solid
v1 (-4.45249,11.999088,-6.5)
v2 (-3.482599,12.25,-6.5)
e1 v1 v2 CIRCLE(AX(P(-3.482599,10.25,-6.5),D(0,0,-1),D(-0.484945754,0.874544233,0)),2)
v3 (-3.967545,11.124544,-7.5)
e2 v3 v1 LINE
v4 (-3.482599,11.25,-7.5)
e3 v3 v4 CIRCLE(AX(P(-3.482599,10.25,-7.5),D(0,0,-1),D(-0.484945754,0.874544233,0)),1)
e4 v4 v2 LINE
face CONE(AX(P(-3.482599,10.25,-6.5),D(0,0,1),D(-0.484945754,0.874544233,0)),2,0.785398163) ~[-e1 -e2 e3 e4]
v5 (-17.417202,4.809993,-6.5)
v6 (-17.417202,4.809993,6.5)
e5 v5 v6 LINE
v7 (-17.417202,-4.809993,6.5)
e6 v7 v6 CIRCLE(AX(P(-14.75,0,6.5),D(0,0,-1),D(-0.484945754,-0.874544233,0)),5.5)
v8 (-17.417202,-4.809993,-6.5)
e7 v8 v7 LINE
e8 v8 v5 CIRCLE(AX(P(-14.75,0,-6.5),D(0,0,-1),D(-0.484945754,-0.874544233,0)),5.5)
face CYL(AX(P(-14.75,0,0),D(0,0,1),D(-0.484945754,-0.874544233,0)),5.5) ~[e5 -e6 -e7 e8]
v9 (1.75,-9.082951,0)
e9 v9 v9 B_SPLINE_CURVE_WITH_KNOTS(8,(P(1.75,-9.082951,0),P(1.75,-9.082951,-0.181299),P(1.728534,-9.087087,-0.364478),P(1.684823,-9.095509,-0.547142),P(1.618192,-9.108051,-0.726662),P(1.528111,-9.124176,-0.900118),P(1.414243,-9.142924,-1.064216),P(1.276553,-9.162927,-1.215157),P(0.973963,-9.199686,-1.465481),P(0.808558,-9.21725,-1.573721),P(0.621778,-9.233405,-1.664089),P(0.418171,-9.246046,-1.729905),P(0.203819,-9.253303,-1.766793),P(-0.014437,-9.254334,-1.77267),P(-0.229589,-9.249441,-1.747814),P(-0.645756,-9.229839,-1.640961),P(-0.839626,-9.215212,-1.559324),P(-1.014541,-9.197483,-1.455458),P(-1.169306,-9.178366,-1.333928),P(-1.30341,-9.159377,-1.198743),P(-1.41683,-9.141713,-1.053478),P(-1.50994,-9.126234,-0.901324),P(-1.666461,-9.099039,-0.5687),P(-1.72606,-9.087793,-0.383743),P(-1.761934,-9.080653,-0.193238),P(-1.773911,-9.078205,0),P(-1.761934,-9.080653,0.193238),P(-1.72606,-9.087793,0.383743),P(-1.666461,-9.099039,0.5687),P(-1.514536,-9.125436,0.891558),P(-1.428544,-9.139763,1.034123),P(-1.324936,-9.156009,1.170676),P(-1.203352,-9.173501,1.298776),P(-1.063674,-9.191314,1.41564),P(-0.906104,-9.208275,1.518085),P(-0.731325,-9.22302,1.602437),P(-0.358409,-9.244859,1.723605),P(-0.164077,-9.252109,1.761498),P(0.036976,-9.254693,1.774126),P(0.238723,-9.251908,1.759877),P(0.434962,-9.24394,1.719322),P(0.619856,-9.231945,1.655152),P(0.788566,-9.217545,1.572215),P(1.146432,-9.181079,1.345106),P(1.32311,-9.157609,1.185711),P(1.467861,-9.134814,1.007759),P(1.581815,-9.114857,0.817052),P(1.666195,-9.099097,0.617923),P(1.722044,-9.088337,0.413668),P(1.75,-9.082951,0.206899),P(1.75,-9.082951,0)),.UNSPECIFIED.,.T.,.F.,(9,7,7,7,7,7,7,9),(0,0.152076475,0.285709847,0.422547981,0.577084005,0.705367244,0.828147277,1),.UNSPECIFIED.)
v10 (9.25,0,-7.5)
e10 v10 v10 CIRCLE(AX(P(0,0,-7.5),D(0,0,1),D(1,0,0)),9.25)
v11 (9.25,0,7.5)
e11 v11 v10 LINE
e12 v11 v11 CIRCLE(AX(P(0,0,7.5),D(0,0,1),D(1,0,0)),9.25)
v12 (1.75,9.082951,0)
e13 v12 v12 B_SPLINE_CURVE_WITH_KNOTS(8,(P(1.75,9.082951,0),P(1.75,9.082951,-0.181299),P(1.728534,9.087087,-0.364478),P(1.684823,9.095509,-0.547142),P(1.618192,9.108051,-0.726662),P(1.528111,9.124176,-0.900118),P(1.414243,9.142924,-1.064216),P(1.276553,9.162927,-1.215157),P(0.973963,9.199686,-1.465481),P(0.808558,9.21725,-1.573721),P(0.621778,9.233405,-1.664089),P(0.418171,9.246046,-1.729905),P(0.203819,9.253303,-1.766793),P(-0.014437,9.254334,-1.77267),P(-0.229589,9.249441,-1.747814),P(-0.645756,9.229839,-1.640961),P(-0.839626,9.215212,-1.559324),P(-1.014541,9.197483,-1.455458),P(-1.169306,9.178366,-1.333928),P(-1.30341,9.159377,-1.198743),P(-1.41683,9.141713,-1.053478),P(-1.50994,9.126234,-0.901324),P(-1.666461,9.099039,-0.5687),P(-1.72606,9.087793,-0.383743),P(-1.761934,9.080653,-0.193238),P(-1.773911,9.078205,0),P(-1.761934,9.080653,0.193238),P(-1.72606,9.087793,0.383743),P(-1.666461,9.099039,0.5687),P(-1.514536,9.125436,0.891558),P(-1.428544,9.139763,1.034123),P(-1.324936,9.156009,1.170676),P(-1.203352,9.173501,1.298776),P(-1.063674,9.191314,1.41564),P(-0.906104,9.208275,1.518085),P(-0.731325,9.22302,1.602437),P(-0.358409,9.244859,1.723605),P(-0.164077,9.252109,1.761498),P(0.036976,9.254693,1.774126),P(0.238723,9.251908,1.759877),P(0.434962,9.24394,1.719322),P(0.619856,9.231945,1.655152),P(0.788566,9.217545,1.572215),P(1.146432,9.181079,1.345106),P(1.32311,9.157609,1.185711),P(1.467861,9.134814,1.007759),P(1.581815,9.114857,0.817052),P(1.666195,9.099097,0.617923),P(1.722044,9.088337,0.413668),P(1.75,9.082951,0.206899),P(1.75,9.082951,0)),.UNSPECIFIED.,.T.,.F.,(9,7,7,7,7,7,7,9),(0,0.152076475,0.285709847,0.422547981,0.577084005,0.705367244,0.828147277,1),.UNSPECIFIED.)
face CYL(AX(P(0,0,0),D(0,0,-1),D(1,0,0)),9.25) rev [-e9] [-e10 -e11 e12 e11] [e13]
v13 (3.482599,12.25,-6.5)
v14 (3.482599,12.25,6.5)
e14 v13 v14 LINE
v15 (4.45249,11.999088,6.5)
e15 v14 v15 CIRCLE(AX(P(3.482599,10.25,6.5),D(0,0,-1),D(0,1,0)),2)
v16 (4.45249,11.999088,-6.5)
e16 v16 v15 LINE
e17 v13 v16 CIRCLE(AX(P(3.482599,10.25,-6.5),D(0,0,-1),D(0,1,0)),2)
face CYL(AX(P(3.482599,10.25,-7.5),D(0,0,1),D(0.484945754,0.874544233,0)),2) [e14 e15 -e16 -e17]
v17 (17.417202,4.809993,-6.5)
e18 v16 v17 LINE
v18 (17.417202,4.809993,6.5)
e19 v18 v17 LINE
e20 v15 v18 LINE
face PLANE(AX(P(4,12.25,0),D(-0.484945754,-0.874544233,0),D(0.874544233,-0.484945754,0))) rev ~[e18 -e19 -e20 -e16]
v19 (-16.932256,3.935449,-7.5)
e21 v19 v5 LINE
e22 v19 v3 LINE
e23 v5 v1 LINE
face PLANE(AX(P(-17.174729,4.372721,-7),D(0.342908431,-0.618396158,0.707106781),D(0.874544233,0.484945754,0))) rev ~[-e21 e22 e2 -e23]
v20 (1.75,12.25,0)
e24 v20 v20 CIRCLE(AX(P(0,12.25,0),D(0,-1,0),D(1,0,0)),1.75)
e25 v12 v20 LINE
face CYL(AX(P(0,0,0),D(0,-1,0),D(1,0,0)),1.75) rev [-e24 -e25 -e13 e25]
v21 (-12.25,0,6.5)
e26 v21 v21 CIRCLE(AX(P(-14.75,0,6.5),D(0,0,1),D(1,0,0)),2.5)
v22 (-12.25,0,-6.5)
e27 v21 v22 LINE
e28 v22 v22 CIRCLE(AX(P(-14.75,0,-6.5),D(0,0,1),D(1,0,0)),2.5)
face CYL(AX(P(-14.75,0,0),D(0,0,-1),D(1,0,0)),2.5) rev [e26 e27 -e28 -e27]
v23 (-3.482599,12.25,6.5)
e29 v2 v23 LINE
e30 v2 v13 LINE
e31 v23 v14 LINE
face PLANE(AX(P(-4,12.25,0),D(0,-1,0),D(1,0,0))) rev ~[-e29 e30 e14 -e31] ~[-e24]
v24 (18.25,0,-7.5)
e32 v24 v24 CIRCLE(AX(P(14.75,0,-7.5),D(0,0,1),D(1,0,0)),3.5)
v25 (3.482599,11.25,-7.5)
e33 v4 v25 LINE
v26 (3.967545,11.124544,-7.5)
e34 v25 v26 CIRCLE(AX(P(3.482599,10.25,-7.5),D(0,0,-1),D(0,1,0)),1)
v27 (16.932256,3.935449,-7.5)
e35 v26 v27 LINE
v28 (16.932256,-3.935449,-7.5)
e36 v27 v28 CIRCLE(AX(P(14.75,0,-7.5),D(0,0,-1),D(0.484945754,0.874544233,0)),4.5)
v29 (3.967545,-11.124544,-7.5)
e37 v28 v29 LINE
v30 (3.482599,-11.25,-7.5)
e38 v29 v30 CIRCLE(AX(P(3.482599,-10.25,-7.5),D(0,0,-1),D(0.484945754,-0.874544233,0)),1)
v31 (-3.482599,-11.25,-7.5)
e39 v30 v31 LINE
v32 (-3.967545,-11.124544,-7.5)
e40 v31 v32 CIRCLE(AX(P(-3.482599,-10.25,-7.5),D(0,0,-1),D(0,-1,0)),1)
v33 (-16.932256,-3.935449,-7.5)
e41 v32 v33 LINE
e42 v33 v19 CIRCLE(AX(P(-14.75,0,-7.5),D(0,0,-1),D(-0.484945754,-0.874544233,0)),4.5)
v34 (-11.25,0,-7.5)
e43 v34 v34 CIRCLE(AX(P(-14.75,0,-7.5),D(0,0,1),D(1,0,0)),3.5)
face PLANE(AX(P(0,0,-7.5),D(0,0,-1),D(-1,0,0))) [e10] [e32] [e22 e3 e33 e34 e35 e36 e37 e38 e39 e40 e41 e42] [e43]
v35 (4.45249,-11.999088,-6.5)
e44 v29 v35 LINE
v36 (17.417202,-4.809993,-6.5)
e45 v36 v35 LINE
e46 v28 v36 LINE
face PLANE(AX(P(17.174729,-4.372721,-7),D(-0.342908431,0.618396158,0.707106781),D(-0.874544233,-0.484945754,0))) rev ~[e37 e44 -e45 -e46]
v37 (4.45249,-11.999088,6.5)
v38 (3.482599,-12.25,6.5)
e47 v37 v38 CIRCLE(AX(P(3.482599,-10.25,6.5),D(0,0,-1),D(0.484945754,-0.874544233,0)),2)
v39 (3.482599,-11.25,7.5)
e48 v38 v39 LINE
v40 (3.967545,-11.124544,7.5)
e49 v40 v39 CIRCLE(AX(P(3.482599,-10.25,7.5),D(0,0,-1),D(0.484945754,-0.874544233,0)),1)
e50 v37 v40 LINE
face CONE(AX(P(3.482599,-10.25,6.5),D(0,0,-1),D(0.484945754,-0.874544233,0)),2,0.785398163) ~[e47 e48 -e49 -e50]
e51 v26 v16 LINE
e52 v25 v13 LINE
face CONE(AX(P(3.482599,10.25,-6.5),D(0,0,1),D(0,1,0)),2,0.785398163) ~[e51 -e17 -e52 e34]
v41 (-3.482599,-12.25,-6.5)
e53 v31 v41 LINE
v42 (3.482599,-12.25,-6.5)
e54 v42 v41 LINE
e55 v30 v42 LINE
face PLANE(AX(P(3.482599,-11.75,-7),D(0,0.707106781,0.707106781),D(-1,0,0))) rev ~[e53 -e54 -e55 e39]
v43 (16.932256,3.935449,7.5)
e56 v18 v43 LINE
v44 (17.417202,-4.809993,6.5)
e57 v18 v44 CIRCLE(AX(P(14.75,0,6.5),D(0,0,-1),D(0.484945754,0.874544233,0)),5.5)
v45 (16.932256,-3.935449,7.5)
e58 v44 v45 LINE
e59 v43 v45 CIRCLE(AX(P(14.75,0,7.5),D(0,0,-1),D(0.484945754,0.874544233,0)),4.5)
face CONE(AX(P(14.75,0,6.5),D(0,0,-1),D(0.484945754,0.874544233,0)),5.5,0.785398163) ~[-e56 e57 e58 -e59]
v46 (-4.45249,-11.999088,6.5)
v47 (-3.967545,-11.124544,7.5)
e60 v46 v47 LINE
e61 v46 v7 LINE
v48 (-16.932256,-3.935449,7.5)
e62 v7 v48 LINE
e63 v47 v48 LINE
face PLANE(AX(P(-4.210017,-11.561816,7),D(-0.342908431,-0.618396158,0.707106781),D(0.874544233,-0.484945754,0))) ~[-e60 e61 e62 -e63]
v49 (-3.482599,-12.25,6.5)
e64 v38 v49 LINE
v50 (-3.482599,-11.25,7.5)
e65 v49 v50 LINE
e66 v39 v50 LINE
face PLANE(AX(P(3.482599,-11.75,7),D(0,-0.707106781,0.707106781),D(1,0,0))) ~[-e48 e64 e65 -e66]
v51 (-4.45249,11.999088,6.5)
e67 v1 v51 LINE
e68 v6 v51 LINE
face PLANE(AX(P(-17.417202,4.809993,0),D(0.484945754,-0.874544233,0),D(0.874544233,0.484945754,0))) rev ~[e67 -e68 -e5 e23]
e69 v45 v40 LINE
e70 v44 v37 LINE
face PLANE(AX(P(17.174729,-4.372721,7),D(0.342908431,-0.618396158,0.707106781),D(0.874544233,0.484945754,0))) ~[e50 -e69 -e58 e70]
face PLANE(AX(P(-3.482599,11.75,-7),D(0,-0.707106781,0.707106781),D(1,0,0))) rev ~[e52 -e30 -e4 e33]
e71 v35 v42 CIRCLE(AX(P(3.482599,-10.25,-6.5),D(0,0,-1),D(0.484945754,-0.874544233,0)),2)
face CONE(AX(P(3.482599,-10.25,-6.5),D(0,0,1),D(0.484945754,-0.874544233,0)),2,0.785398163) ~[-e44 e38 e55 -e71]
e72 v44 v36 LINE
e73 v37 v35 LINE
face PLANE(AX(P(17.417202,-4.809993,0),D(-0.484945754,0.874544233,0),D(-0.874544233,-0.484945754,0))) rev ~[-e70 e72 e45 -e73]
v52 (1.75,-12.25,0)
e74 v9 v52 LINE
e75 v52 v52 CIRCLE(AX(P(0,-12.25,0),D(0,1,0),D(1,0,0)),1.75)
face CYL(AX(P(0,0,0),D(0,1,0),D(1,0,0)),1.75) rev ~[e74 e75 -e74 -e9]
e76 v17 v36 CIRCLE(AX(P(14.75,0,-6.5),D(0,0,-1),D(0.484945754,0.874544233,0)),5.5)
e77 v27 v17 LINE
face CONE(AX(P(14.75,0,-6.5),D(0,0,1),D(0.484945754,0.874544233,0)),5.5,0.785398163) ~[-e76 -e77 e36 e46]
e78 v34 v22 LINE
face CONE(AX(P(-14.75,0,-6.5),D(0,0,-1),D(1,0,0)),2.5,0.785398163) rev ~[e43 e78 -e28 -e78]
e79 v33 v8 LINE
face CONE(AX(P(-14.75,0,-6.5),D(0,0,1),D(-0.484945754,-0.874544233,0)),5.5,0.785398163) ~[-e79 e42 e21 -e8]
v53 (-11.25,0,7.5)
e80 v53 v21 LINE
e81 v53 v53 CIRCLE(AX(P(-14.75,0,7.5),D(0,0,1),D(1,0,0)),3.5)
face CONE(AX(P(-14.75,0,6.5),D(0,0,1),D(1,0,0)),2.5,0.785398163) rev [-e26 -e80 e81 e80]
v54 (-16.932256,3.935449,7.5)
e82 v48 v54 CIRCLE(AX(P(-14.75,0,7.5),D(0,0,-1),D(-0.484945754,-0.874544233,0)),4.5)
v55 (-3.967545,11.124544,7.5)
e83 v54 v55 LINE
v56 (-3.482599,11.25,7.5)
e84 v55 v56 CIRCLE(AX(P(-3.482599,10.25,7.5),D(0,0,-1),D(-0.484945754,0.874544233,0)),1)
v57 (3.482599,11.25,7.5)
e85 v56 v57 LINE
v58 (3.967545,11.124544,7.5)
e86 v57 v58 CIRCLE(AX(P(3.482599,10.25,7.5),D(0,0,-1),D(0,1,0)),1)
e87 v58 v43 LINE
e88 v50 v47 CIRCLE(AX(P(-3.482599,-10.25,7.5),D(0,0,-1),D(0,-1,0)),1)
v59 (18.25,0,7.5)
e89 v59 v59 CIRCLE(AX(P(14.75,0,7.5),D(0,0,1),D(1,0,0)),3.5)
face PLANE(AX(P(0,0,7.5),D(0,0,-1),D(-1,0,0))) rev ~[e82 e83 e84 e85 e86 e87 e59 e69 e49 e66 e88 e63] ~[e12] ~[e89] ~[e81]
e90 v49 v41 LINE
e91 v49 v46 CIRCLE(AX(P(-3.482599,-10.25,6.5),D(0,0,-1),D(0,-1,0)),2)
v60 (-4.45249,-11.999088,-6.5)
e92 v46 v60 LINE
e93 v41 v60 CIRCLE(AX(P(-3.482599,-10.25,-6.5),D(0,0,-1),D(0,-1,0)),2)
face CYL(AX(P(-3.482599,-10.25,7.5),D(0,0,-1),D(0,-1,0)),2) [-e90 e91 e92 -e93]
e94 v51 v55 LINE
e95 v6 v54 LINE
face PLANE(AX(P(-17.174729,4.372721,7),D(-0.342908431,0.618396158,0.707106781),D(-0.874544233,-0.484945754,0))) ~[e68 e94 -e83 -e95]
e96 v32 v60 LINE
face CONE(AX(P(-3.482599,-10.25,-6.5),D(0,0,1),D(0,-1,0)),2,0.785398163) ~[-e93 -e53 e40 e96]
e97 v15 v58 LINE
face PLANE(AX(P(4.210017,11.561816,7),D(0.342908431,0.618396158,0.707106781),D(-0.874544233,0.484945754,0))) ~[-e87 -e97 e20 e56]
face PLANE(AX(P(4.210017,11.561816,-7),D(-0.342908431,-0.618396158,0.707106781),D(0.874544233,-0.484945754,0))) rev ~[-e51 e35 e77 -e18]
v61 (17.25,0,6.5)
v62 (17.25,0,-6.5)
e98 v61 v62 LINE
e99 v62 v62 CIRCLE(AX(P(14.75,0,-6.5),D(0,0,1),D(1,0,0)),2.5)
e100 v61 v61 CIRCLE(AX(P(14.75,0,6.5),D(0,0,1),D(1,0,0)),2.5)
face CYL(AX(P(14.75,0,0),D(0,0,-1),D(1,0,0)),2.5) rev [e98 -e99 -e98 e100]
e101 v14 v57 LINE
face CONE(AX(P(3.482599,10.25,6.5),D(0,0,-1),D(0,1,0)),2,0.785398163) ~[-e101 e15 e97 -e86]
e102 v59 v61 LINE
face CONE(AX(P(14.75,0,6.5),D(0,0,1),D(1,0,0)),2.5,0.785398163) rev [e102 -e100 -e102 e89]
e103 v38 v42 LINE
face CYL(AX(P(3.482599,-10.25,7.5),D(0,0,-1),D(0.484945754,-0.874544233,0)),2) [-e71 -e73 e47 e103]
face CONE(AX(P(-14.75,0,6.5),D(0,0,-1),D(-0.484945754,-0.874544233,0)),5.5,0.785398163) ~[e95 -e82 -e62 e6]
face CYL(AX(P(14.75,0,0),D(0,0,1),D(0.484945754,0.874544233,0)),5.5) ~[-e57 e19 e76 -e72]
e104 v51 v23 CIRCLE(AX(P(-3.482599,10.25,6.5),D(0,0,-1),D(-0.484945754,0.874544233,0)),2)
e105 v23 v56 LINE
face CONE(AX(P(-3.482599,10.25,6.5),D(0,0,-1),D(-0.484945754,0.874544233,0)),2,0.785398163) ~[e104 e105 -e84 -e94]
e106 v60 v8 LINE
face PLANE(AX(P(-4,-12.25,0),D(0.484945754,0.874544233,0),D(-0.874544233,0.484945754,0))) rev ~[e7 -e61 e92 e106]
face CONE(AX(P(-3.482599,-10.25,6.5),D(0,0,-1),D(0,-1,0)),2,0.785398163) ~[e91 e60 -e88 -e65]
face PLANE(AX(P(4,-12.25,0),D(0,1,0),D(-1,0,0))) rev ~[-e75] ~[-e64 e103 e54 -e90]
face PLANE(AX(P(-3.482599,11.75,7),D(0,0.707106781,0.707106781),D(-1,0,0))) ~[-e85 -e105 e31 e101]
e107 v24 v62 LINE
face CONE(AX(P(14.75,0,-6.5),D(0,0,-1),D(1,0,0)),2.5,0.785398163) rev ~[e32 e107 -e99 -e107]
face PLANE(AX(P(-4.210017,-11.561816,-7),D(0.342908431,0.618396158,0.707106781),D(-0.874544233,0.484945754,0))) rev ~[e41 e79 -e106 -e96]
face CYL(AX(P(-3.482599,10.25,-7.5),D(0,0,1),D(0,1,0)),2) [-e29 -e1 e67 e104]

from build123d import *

# Parameters (mm, degrees)
SKETCH_1_R               = 9.25
SKETCH_1_R_2             = 2.5
EXTRUDE_1_DEPTH          = 7.5
SKETCH_3_R               = 1.75
CUT_EXTRUDE_1_DEPTH      = 13.25
CUT_EXTRUDE_1_DEPTH_BACK = 13.25
CHAMFER_1_SIZE           = 1
FILLET_1_R               = 2
CHAMFER_2_SIZE           = 1


with BuildPart() as part:
    # ｽｹｯﾁ1 → ﾎﾞｽ - 押し出し1 (new body, symmetric)
    with BuildSketch(Plane.XY):
        with BuildLine():
            Line((4, 12.25), (17.417201647, 4.809993282))
            ThreePointArc((17.417201647, 4.809993282), (20.25, 0), (17.417201647, -4.809993282))
            Line((17.417201647, -4.809993282), (4, -12.25))
            Line((4, -12.25), (-4, -12.25))
            Line((-4, -12.25), (-17.417201647, -4.809993282))
            ThreePointArc((-17.417201647, -4.809993282), (-20.25, 0), (-17.417201647, 4.809993282))
            Line((-17.417201647, 4.809993282), (-4, 12.25))
            Line((-4, 12.25), (4, 12.25))
        make_face()
        Circle(SKETCH_1_R, mode=Mode.SUBTRACT)
        with Locations((14.75, 0)):
            Circle(SKETCH_1_R_2, mode=Mode.SUBTRACT)
        with Locations((-14.75, 0)):
            Circle(SKETCH_1_R_2, mode=Mode.SUBTRACT)
    extrude(amount=EXTRUDE_1_DEPTH, both=True)

    # ｽｹｯﾁ3 → ｶｯﾄ - 押し出し1 (cut, two sides)
    with BuildSketch(Plane(origin=(0, 0, 0), x_dir=(1, 0, 0), z_dir=(0, 1, 0))) as cut_extrude_1_sk:
        Circle(SKETCH_3_R)
    extrude(amount=CUT_EXTRUDE_1_DEPTH, mode=Mode.SUBTRACT)
    extrude(cut_extrude_1_sk.sketch, amount=-CUT_EXTRUDE_1_DEPTH_BACK, mode=Mode.SUBTRACT)

    # 面取り1
    chamfer_1_edges = [part.edges().sort_by_distance(p)[0] for p in [
        (12.25, 0, -7.5),
        (12.25, 0, 7.5),
        (-17.25, 0, -7.5),
        (-17.25, 0, 7.5),
    ]]
    chamfer(chamfer_1_edges, length=CHAMFER_1_SIZE)

    # ﾌｨﾚｯﾄ1
    fillet_1_edges = [part.edges().sort_by_distance(p)[0] for p in [
        (4, -12.25, 0),
        (-4, -12.25, 0),
        (-4, 12.25, 0),
        (4, 12.25, 0),
    ]]
    fillet(fillet_1_edges, radius=FILLET_1_R)

    # 面取り2
    chamfer_2_edges = [part.edges().sort_by_distance(p)[0] for p in [
        (10.934845958, 8.404540874, -7.5),
        (20.25, 0, -7.5),
        (-20.25, 0, 7.5),
        (-10.934845958, -8.404540874, 7.5),
        (20.25, 0, 7.5),
        (10.934845958, -8.404540874, -7.5),
        (10.934845958, -8.404540874, 7.5),
        (0, -12.25, -7.5),
        (-10.934845958, 8.404540874, -7.5),
        (0, 12.25, -7.5),
        (-3.983509466, 12.186256302, -7.5),
        (3.983509466, 12.186256302, -7.5),
        (-3.983509466, -12.186256302, -7.5),
        (3.983509466, -12.186256302, -7.5),
        (0, -12.25, 7.5),
        (0, 12.25, 7.5),
        (-10.934845958, 8.404540874, 7.5),
        (-3.983509466, 12.186256302, 7.5),
        (3.983509466, 12.186256302, 7.5),
        (-3.983509466, -12.186256302, 7.5),
        (3.983509466, -12.186256302, 7.5),
        (10.934845958, 8.404540874, 7.5),
        (-10.934845958, -8.404540874, -7.5),
        (-20.25, 0, -7.5),
    ]]
    chamfer(chamfer_2_edges, length=CHAMFER_2_SIZE)


solid = part.part
